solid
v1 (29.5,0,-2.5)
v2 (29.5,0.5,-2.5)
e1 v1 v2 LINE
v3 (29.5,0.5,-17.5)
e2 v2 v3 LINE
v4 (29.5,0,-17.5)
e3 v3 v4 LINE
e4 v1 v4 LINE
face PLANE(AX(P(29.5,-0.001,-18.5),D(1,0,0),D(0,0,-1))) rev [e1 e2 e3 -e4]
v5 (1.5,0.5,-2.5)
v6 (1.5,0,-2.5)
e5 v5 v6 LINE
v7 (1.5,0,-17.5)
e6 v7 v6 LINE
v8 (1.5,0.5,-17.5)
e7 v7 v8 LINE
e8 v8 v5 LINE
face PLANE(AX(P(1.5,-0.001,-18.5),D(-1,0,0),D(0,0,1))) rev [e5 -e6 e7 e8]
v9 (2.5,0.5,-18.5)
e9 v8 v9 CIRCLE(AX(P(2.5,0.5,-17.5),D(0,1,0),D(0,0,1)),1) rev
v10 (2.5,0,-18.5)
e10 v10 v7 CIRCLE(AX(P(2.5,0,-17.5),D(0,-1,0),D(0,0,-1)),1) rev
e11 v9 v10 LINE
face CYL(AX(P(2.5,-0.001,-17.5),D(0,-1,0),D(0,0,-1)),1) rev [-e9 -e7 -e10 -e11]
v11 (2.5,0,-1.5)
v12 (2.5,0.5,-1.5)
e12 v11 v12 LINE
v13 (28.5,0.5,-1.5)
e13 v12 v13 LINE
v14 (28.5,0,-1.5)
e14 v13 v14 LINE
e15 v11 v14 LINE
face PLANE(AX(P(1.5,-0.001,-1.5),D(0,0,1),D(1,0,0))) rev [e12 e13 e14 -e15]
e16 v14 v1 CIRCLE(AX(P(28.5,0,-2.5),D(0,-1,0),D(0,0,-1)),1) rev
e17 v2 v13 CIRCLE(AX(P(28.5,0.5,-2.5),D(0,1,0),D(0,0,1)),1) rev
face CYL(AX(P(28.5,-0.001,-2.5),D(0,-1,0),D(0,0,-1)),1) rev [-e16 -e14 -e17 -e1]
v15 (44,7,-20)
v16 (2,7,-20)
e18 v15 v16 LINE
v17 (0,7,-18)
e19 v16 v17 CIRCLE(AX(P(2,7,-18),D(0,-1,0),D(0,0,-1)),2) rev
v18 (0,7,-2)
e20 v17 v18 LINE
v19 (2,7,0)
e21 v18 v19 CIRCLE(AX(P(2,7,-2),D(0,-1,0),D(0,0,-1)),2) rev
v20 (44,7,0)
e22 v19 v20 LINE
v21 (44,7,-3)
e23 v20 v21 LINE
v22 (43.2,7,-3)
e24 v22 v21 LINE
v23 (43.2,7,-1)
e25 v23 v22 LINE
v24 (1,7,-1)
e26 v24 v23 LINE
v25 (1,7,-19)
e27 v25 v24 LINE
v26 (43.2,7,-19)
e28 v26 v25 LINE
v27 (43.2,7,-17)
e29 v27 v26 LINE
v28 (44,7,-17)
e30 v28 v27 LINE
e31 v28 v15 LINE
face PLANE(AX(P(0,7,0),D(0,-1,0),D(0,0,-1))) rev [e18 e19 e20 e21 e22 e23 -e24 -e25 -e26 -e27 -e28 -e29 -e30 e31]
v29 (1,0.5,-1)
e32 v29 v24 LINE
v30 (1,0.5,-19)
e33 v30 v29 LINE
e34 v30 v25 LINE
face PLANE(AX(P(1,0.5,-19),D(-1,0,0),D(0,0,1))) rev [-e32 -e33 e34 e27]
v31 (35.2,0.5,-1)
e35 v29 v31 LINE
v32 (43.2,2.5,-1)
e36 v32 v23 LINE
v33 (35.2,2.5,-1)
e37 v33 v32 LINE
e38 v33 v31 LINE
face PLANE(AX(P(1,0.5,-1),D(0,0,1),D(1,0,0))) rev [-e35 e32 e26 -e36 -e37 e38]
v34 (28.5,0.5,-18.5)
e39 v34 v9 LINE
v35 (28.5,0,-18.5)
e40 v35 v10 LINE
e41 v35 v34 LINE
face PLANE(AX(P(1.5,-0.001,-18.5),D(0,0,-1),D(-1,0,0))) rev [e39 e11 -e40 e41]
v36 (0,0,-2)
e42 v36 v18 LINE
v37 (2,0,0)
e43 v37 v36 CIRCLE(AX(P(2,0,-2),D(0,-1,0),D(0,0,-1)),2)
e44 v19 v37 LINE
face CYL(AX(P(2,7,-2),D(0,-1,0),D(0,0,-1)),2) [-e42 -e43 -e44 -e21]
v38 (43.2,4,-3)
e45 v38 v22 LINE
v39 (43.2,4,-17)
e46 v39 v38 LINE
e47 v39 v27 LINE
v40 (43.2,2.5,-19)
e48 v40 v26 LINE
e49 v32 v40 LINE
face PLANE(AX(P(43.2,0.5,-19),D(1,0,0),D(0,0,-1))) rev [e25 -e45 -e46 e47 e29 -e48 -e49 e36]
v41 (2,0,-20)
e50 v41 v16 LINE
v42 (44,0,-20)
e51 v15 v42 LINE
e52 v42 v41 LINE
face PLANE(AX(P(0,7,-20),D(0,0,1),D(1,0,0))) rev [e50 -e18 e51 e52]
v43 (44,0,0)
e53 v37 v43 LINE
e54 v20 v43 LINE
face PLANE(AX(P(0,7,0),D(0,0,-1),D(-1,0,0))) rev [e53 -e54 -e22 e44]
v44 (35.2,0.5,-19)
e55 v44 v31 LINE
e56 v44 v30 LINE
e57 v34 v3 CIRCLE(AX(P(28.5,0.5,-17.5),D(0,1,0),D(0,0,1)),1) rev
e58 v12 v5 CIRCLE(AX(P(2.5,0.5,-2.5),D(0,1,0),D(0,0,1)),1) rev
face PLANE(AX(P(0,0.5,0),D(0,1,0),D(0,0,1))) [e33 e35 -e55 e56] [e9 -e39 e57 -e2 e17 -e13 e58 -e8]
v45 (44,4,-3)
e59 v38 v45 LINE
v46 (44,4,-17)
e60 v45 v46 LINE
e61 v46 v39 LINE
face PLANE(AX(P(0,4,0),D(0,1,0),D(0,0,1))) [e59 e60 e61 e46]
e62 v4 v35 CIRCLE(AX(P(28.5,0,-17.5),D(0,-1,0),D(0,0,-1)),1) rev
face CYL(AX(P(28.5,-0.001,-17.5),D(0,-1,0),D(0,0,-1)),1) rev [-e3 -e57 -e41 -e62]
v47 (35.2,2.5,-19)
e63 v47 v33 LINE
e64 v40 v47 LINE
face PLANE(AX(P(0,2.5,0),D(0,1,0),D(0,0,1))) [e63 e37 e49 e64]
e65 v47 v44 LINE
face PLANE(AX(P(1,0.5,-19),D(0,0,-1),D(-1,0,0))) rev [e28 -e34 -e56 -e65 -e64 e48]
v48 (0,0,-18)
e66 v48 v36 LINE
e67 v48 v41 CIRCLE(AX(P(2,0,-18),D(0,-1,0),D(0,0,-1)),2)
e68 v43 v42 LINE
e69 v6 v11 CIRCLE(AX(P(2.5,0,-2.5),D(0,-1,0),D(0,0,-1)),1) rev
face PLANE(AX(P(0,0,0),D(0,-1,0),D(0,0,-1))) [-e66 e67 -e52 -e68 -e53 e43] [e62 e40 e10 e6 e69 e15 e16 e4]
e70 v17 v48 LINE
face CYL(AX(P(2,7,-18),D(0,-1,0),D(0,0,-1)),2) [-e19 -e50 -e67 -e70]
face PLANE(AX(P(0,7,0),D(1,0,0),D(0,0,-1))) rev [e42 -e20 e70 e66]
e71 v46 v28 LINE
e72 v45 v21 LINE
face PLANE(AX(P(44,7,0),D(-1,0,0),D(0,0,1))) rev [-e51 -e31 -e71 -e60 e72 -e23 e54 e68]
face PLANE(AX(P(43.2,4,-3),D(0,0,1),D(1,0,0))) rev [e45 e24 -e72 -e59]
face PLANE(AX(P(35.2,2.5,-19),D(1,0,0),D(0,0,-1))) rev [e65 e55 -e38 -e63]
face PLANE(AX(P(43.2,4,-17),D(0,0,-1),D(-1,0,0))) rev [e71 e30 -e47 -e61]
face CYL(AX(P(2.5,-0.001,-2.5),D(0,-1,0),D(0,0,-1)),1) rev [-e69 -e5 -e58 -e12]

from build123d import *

# Parameters (mm, degrees)
SKETCH1_W           = 44
SKETCH1_H           = 20
BOSS_EXTRUDE1_DEPTH = 7
SKETCH2_W           = 42.2
SKETCH2_H           = 18
CUT_EXTRUDE1_DEPTH  = 6.5
CUT_EXTRUDE2_REACH  = 50.767
SKETCH3_W           = 28
SKETCH3_H           = 17
SKETCH4_W           = 8
SKETCH4_H           = 18
BOSS_EXTRUDE2_DEPTH = 2
SKETCH5_W           = 0.8
SKETCH5_H           = 14
CUT_EXTRUDE3_DEPTH  = 3
FILLET1_R           = 2
FILLET2_R           = 1


with BuildPart() as part:
    # Sketch1 → Boss-Extrude1 (new body)
    with BuildSketch(Plane(origin=(0, 0, 0), x_dir=(1, 0, 0), z_dir=(0, 1, 0))):
        with Locations((22, 10)):
            Rectangle(SKETCH1_W, SKETCH1_H)
    extrude(amount=BOSS_EXTRUDE1_DEPTH)

    # Sketch2 → Cut-Extrude1 (cut)
    with BuildSketch(Plane(origin=(0, 7, 0), x_dir=(1, 0, 0), z_dir=(0, 1, 0))):
        with Locations((22.1, 10)):
            Rectangle(SKETCH2_W, SKETCH2_H)
    extrude(amount=-CUT_EXTRUDE1_DEPTH, mode=Mode.SUBTRACT)

    # Sketch3 → Cut-Extrude2 (cut, up to next)
    with BuildSketch(Plane(origin=(0, 0.5, 0), x_dir=(1, 0, 0), z_dir=(0, 1, 0)), mode=Mode.PRIVATE) as cut_extrude2_sk1:
        with Locations((15.5, 10)):
            Rectangle(SKETCH3_W, SKETCH3_H)
    cut_extrude2_tool1 = extrude(cut_extrude2_sk1.sketch, amount=-CUT_EXTRUDE2_REACH, mode=Mode.PRIVATE) & part.part
    add(cut_extrude2_tool1.solids().sort_by_distance((15.5, 0.5, -10))[0], mode=Mode.SUBTRACT)

    # Sketch4 → Boss-Extrude2 (add)
    with BuildSketch(Plane(origin=(0, 0.5, 0), x_dir=(1, 0, 0), z_dir=(0, 1, 0))):
        with Locations((39.2, 10)):
            Rectangle(SKETCH4_W, SKETCH4_H)
    extrude(amount=BOSS_EXTRUDE2_DEPTH)

    # Sketch5 → Cut-Extrude3 (cut)
    with BuildSketch(Plane(origin=(0, 7, 0), x_dir=(1, 0, 0), z_dir=(0, 1, 0))):
        with Locations((43.6, 10)):
            Rectangle(SKETCH5_W, SKETCH5_H)
    extrude(amount=-CUT_EXTRUDE3_DEPTH, mode=Mode.SUBTRACT)

    # Fillet1
    fillet1_edges = [part.edges().sort_by_distance(p)[0] for p in [
        (0, 3.5, -20),
        (0, 3.5, 0),
    ]]
    fillet(fillet1_edges, radius=FILLET1_R)

    # Fillet2
    fillet2_edges = [part.edges().sort_by_distance(p)[0] for p in [
        (1.5, 0.25, -1.5),
        (1.5, 0.25, -18.5),
        (29.5, 0.25, -18.5),
        (29.5, 0.25, -1.5),
    ]]
    fillet(fillet2_edges, radius=FILLET2_R)


solid = part.part
